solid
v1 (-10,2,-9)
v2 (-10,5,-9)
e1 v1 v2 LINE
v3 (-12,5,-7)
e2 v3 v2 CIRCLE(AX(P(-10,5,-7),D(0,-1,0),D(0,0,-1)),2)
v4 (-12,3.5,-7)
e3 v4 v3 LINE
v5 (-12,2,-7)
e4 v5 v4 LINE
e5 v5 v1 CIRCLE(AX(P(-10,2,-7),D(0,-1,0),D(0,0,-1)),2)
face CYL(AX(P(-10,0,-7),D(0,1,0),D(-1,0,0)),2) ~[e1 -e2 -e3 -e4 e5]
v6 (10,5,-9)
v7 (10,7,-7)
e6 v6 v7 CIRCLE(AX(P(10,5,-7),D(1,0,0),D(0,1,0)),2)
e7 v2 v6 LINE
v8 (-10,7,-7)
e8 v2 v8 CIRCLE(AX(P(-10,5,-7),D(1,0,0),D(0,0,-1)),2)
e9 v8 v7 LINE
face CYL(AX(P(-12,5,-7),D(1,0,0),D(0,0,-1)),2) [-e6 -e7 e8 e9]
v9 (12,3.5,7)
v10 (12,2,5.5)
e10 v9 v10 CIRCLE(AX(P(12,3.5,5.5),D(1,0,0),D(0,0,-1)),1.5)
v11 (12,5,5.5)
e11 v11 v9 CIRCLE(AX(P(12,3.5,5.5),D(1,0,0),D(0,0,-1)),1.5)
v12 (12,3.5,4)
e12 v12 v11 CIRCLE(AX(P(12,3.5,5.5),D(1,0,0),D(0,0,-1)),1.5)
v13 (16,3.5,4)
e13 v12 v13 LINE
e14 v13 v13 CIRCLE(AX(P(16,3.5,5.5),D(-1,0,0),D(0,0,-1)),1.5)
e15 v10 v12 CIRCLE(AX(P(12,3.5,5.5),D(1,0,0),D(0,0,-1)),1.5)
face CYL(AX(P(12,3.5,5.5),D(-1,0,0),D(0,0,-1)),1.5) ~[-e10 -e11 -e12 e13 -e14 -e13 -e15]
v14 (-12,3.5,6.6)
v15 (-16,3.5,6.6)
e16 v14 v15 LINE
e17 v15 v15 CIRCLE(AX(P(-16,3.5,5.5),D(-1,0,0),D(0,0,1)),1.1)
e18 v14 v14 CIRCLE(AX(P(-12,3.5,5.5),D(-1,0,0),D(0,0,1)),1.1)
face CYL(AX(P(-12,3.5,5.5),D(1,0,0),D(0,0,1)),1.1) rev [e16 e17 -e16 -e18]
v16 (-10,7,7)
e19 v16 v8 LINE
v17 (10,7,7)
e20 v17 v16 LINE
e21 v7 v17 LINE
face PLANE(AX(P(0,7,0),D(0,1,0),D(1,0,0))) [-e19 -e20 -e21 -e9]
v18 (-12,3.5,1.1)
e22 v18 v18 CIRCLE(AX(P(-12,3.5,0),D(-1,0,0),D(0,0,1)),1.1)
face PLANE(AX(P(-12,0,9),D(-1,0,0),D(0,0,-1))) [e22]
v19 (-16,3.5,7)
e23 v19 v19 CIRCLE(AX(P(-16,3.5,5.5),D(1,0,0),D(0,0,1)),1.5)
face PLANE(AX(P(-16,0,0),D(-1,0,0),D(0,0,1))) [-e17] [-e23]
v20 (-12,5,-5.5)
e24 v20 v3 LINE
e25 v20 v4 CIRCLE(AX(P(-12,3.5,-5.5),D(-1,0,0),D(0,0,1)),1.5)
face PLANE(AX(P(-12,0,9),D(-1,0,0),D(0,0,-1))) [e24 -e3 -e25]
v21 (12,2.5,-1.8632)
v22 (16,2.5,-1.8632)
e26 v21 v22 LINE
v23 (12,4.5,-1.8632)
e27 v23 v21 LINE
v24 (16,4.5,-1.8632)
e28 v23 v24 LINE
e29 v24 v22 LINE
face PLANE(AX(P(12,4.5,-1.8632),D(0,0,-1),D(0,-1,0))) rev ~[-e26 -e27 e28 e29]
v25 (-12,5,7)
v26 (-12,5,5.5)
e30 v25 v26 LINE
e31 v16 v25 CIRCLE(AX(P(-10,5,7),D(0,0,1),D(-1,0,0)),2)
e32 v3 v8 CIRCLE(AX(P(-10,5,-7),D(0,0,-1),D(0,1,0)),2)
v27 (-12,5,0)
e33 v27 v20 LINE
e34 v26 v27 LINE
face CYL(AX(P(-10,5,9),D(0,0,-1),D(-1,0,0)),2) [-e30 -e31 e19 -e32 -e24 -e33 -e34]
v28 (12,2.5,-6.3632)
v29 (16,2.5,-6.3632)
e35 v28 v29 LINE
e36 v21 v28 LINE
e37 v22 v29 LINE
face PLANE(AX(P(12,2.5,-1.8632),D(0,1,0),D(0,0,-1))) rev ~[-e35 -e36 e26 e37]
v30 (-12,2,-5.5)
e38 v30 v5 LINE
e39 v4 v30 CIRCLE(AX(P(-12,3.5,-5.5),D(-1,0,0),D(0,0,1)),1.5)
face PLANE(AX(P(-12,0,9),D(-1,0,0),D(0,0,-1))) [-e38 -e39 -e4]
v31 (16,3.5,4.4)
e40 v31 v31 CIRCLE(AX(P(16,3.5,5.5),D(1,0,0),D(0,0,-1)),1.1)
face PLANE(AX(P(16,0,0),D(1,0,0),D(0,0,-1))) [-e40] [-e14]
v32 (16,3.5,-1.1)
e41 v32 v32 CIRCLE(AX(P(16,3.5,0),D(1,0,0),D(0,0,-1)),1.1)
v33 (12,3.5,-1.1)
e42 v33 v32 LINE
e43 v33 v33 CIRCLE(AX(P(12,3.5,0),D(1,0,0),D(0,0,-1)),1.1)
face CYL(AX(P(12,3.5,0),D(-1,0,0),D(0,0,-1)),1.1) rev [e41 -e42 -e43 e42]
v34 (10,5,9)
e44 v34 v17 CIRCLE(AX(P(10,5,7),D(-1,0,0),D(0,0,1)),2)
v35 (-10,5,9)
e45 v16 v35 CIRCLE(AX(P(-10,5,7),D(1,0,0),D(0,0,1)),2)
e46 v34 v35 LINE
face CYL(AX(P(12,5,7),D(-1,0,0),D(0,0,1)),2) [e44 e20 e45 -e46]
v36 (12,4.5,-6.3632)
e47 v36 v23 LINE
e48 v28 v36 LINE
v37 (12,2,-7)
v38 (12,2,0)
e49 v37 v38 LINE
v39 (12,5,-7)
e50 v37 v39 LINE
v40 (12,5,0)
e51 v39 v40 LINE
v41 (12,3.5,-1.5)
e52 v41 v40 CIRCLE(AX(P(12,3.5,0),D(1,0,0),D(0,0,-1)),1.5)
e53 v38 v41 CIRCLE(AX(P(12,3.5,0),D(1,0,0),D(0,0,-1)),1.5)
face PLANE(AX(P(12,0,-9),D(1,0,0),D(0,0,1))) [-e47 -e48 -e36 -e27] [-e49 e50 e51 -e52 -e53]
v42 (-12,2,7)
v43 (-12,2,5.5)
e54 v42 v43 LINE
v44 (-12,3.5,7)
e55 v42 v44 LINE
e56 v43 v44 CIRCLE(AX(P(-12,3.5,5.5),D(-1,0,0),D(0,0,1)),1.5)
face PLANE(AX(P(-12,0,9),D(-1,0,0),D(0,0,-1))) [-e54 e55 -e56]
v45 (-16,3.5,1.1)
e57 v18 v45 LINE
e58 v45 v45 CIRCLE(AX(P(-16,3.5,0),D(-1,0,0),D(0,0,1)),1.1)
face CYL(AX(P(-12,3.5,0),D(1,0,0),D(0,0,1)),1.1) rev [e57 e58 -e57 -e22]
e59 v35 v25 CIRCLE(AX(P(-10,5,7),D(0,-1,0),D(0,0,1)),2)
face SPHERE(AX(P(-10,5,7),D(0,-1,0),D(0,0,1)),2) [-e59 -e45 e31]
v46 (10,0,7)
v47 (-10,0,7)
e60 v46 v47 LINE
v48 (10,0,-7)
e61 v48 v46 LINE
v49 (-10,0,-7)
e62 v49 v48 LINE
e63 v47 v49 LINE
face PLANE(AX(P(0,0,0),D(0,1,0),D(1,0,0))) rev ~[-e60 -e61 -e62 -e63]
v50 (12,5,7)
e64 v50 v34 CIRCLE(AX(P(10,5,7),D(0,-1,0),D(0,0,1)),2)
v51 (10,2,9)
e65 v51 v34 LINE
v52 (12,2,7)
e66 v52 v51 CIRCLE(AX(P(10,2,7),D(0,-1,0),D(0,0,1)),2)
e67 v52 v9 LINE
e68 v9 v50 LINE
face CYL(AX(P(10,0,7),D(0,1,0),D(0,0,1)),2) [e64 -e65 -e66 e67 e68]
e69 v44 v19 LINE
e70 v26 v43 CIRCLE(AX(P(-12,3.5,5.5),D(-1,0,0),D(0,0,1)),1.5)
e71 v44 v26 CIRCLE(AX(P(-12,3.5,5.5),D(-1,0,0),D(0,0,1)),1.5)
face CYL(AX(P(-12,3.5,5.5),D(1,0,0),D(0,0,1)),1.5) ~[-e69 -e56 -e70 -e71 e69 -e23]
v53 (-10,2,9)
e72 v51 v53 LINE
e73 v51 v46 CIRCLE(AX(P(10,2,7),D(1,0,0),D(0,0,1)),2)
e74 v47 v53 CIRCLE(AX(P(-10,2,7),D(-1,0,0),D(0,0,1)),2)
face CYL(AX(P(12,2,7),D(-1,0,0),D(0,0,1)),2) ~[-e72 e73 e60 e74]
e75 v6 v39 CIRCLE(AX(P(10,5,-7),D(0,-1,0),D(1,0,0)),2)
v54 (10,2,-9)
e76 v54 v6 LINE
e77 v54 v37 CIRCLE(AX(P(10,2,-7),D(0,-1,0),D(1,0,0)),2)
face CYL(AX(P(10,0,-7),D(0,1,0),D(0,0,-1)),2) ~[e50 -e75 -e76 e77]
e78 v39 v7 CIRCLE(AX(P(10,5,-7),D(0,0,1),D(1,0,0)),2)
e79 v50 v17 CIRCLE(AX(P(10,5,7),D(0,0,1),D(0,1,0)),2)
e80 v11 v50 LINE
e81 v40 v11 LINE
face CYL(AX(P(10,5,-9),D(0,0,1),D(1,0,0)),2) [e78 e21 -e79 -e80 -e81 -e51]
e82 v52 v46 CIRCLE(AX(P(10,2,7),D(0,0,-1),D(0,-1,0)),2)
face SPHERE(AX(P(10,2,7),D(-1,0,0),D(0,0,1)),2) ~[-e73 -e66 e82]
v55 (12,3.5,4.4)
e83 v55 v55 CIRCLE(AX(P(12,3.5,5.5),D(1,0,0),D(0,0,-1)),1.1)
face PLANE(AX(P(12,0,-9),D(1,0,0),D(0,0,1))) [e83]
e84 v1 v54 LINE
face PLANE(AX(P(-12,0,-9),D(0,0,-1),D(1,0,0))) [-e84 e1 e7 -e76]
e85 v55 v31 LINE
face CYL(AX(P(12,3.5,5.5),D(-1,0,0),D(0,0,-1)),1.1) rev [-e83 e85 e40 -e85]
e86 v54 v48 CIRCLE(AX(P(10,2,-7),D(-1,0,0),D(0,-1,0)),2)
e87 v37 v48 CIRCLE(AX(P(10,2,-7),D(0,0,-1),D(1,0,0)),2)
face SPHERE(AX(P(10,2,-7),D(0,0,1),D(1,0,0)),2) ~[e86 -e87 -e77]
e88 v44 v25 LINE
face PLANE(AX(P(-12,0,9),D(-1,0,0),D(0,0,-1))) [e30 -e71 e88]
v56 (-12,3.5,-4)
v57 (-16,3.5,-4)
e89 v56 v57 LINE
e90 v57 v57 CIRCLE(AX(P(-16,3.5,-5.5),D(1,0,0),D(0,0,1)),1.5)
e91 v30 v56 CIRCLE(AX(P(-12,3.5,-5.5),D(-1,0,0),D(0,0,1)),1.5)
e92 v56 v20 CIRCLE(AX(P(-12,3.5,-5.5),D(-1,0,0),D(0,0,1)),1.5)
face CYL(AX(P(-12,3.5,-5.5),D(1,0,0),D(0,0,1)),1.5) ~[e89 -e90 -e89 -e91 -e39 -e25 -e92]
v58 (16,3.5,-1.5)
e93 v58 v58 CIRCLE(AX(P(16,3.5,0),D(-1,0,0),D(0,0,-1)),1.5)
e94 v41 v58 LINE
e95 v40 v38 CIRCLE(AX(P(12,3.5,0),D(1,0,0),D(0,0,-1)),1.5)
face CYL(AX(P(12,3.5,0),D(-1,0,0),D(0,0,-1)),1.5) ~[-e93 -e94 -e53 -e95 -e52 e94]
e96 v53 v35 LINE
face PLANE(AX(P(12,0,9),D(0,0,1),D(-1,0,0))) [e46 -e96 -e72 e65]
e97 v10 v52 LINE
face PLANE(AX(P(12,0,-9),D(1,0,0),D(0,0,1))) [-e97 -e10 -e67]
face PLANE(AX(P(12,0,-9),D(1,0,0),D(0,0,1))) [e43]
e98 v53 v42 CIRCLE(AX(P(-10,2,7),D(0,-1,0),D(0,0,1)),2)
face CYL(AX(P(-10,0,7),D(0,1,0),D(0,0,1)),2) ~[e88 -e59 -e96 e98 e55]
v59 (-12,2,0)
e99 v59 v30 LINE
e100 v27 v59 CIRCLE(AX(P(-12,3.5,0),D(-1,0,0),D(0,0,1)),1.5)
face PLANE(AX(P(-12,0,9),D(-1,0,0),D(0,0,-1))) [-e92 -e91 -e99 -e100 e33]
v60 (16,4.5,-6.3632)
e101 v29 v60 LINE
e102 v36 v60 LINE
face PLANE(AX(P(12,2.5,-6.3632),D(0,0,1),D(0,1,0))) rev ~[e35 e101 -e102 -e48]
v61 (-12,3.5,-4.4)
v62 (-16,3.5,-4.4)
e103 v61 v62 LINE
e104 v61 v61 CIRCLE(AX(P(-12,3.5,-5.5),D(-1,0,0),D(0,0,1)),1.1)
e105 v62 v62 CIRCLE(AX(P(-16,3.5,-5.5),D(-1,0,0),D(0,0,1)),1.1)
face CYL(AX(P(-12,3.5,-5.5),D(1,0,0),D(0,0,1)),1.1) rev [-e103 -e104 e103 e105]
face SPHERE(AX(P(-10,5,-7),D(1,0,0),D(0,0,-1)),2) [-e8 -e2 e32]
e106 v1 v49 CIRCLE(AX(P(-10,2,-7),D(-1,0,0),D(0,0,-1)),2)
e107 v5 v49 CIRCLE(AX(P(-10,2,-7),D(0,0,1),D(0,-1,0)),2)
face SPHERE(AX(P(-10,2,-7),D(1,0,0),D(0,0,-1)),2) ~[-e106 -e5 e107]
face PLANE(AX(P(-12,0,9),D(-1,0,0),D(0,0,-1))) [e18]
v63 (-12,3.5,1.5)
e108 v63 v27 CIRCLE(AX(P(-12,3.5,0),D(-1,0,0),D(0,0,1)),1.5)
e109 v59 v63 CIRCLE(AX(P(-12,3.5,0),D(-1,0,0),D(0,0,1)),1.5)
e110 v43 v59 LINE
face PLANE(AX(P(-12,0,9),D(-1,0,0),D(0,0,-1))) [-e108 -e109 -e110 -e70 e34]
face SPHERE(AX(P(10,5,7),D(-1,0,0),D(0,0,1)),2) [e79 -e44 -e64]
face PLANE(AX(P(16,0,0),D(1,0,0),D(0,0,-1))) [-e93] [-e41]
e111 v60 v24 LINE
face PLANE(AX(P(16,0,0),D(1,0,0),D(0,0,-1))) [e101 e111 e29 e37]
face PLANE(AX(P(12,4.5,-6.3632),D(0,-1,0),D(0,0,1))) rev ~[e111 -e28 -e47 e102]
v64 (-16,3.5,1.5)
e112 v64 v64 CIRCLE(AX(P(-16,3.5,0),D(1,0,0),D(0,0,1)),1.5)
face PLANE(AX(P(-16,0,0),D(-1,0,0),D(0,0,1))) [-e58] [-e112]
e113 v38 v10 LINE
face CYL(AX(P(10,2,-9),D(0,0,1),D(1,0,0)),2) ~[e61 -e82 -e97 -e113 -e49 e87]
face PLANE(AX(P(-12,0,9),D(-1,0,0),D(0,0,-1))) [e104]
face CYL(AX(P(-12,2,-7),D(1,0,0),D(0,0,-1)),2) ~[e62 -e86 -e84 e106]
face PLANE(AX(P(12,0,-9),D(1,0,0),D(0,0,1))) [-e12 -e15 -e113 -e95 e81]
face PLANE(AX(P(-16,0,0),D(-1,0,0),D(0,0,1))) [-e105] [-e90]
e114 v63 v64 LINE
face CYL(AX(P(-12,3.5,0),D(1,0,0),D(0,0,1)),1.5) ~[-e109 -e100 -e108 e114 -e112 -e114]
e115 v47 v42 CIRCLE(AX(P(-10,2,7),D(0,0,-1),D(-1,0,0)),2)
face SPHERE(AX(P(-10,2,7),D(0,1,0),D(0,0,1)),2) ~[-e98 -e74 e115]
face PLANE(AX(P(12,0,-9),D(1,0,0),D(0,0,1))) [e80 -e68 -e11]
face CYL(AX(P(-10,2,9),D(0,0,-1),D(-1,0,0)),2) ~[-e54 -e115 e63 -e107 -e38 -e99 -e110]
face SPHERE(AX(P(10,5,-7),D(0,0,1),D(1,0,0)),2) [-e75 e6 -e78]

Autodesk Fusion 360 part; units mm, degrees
sketch "Sketch1" plane through (0, 0, 0) normal (0, 1, 0) x (1, 0, 0)
  line L0 (12, -9) -> (-12, -9)
  line L1 (-12, -9) -> (-12, 9)
  line L2 (-12, 9) -> (12, 9)
  line L3 (12, 9) -> (12, -9)
  line L4 (12, -9) -> (-12, 9) construction
  line L5 (-12, -9) -> (12, 9) construction
  dimension "d1" = 24
  dimension "d2" = 18
extrude "Extrude1" add sketch "Sketch1" along normal blind 7
fillet "Fillet1" radius 2 12 edges at (-12, 3.5, 9) (0, 7, 9) (0, 0, 9) (12, 3.5, 9) (12, 7, 0) (12, 0, 0) (12, 3.5, -9) (0, 7, -9) (0, 0, -9) (-12, 3.5, -9) (-12, 7, 0) (-12, 0, 0)
sketch "Sketch2" plane through (-12, 0, 0) normal (-1, 0, 0) x (0, 0, 1)
  line L0 (-7, 2) -> (7, 2)
  line L1 (7, 2) -> (7, 5)
  line L2 (7, 5) -> (-7, 5)
  line L3 (-7, 5) -> (-7, 2)
  line L4 (-7, 3.5) -> (7, 3.5) construction
  circle A0 centre (0, 3.5) radius 1.5
  circle A1 centre (0, 3.5) radius 1.1
  circle A2 centre (-5.5, 3.5) radius 1.5
  circle A3 centre (5.5, 3.5) radius 1.5
  circle A4 centre (5.5, 3.5) radius 1.1
  circle A5 centre (-5.5, 3.5) radius 1.1
  dimension "d6" = 2.2
extrude "Extrude2" add sketch "Sketch2" along normal blind 4 contours A2 | A0 | A3
sketch "Sketch3" plane through (12, 0, 0) normal (1, 0, 0) x (0, 0, -1)
  line L0 (-7, 2) -> (7, 2)
  line L1 (7, 2) -> (7, 5)
  line L2 (7, 5) -> (-7, 5)
  line L3 (-7, 5) -> (-7, 2)
  line L4 (7, 3.5) -> (-7, 3.5) construction
  line L5 (6.3632, 4.5) -> (1.8632, 4.5)
  line L6 (1.8632, 4.5) -> (1.8632, 2.5)
  line L7 (1.8632, 2.5) -> (6.3632, 2.5)
  line L8 (6.3632, 2.5) -> (6.3632, 4.5)
  line L9 (6.3632, 4.5) -> (1.8632, 2.5) construction
  line L10 (1.8632, 4.5) -> (6.3632, 2.5) construction
  circle A0 centre (-5.5, 3.5) radius 1.5
  circle A1 centre (-5.5, 3.5) radius 1.1
  circle A2 centre (0, 3.5) radius 1.5
  circle A3 centre (0, 3.5) radius 1.1
  point P0 (4.1132, 3.5)
  dimension "d10" = 4.5
  dimension "d11" = 1
  dimension "d12" = 3
  dimension "d13" = 2.2
extrude "Extrude3" add sketch "Sketch3" along normal blind 4 contours A0 | A2 | L5 L6 L7 L8
